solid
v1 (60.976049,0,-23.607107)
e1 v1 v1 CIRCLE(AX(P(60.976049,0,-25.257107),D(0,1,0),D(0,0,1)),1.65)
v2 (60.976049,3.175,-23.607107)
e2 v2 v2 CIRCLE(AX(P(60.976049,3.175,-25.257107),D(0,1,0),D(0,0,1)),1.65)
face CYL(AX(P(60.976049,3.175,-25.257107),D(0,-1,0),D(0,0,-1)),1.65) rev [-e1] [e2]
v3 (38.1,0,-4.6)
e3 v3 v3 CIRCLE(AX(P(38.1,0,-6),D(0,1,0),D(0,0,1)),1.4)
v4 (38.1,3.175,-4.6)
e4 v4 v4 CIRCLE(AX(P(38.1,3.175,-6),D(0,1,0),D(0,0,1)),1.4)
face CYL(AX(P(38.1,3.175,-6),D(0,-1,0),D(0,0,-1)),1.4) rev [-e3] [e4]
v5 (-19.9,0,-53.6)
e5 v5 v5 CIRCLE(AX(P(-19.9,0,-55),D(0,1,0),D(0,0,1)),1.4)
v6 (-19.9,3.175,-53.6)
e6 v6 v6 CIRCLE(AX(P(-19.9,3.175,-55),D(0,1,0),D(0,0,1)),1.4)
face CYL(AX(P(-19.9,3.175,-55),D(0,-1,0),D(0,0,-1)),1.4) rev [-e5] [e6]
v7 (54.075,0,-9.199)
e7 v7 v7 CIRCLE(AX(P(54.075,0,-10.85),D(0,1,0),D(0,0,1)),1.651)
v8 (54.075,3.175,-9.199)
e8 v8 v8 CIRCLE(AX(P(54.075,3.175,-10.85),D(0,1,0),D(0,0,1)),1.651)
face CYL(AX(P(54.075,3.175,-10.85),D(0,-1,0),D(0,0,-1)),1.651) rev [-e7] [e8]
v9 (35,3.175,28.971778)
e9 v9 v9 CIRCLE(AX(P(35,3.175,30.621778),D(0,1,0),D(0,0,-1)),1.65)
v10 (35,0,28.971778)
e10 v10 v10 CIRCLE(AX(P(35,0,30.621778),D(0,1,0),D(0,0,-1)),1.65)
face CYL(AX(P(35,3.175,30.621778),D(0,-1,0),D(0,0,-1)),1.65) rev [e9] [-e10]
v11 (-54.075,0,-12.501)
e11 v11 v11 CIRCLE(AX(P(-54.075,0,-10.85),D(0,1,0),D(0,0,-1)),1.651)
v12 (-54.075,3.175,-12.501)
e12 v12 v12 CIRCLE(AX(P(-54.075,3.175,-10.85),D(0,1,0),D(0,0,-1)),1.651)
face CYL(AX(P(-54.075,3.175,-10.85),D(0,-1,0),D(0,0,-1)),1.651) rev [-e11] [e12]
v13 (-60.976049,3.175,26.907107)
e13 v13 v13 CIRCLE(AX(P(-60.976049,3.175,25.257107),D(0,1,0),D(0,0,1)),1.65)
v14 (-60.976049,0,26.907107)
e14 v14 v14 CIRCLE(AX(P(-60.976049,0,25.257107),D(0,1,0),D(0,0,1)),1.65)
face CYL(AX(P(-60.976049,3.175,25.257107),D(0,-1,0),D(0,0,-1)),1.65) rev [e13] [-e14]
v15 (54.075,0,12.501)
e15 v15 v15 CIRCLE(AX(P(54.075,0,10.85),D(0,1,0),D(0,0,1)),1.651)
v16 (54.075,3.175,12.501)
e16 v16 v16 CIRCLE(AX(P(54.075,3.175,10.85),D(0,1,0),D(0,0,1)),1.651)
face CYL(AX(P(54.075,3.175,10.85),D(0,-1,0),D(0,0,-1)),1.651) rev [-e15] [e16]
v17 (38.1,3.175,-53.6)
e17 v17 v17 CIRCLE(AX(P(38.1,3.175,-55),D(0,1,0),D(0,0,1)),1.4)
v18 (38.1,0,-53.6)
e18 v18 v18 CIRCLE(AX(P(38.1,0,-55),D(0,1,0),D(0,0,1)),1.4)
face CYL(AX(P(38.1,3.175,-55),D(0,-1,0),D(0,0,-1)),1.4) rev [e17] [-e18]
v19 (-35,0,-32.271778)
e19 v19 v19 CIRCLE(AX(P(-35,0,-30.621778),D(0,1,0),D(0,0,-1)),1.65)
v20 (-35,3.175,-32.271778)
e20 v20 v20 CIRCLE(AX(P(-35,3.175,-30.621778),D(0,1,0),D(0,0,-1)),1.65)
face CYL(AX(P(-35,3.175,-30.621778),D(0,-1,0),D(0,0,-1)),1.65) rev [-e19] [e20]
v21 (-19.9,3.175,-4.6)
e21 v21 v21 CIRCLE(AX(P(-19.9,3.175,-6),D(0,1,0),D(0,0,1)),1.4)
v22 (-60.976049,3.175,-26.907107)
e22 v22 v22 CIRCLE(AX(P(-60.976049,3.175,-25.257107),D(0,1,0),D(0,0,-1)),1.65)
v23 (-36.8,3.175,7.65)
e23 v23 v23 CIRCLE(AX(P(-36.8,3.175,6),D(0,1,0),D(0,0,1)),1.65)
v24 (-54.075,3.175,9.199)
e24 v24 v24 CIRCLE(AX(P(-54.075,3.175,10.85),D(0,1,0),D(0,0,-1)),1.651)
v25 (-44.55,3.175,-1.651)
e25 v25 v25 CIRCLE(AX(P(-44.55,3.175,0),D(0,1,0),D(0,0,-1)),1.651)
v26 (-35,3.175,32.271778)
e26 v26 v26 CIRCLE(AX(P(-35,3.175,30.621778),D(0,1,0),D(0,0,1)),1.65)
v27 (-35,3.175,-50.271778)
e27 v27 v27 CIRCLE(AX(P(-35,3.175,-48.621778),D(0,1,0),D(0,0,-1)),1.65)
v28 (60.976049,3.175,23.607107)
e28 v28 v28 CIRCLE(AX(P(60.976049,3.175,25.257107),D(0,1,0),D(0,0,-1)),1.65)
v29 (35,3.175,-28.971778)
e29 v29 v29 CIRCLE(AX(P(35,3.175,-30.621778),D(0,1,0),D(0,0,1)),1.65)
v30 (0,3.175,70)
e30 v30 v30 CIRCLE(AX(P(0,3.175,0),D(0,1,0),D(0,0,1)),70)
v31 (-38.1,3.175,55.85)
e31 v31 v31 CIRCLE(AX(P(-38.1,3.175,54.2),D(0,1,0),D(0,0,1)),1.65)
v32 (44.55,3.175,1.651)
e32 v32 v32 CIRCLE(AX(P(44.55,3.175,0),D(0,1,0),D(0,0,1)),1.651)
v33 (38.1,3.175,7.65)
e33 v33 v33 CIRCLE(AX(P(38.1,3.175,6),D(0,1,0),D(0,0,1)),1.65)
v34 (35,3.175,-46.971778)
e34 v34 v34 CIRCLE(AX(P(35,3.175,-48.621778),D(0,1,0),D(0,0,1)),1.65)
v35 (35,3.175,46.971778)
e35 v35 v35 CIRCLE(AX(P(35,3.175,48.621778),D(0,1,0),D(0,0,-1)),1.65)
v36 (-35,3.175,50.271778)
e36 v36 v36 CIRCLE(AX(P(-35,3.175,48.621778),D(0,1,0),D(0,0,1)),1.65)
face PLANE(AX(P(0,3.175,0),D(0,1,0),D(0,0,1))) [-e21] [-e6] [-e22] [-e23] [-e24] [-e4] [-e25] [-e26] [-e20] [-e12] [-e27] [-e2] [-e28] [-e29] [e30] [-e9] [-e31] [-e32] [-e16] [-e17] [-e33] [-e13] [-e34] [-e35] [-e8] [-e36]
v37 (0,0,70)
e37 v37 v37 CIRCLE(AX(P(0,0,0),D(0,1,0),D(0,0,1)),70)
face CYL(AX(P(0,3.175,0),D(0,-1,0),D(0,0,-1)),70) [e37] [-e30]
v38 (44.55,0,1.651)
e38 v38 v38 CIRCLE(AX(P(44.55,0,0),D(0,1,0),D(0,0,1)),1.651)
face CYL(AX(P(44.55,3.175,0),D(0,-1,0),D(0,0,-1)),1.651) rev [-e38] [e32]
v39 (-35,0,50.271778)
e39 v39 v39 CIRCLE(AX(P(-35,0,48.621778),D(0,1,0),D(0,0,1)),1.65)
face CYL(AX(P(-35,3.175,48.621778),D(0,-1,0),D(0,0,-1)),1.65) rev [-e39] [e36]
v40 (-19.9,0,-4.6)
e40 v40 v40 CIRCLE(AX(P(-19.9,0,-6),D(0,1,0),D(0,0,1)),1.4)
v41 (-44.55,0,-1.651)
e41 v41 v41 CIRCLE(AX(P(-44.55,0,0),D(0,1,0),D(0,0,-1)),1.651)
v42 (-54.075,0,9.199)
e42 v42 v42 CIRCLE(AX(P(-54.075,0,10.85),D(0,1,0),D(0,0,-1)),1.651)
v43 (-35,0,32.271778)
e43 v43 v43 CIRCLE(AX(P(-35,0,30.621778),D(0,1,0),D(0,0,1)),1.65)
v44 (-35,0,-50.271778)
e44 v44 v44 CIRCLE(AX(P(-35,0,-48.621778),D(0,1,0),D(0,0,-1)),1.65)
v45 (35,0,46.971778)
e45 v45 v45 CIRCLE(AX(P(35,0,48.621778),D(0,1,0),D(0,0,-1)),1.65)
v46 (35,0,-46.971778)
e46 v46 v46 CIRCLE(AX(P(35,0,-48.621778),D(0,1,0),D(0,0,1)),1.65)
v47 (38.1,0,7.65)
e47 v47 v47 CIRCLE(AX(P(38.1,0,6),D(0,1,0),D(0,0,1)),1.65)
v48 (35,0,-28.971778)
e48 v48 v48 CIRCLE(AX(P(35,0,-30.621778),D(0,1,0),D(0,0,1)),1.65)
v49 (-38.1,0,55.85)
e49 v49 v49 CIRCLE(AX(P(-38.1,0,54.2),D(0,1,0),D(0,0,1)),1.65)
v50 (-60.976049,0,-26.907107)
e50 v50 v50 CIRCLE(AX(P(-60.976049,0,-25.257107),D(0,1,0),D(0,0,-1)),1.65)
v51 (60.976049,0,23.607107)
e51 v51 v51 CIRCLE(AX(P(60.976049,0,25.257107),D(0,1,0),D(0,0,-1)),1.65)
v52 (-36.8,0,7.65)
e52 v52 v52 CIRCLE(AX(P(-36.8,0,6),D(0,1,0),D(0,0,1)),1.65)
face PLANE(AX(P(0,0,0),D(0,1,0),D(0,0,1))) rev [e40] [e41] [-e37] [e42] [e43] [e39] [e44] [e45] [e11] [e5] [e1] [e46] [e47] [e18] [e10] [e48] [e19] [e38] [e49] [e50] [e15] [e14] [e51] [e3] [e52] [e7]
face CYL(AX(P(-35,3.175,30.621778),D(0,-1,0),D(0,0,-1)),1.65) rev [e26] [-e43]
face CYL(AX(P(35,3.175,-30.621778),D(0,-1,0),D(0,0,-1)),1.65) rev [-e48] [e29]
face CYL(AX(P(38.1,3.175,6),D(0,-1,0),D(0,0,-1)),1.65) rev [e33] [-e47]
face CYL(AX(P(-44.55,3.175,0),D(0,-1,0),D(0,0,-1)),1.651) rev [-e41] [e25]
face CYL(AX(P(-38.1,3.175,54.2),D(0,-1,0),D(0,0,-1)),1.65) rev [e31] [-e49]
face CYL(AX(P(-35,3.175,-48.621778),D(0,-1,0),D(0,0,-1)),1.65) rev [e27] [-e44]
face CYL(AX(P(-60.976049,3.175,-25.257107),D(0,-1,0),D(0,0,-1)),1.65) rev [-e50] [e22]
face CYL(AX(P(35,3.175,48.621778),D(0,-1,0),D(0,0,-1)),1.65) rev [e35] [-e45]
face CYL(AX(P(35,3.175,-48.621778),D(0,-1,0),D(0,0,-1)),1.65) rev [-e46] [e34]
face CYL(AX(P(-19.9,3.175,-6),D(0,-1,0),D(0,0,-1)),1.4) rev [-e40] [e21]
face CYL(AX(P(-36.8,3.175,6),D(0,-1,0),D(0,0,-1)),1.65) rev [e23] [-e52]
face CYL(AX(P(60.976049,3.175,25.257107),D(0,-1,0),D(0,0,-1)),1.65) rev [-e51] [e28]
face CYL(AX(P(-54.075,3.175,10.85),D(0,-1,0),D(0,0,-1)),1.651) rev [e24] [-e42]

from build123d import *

# Parameters (mm, degrees)
BASE_W_MOTOR_MOUNTS_R     = 70
BASE_W_MOTOR_MOUNTS_R_2   = 1.651
BOSS_EXTRUDE1_DEPTH       = 3.175
STANDOFFS_TOP_BOTTOM_R    = 1.65
CUT_EXTRUDE2_DEPTH        = 3.175
PI_AND_MEGA_STANDOFFS_R   = 1.4
PI_AND_MEGA_STANDOFFS_R_2 = 1.65
CUT_EXTRUDE3_DEPTH        = 3.175


with BuildPart() as part:
    # Base w/ Motor Mounts → Boss-Extrude1 (new body)
    with BuildSketch(Plane(origin=(0, 0, 0), x_dir=(1, 0, 0), z_dir=(0, 1, 0))):
        Circle(BASE_W_MOTOR_MOUNTS_R)
        with Locations((44.55, 0)):
            Circle(BASE_W_MOTOR_MOUNTS_R_2, mode=Mode.SUBTRACT)
        with Locations((54.075, 10.85)):
            Circle(BASE_W_MOTOR_MOUNTS_R_2, mode=Mode.SUBTRACT)
        with Locations((54.075, -10.85)):
            Circle(BASE_W_MOTOR_MOUNTS_R_2, mode=Mode.SUBTRACT)
        with Locations((-54.075, -10.85)):
            Circle(BASE_W_MOTOR_MOUNTS_R_2, mode=Mode.SUBTRACT)
        with Locations((-54.075, 10.85)):
            Circle(BASE_W_MOTOR_MOUNTS_R_2, mode=Mode.SUBTRACT)
        with Locations((-44.55, 0)):
            Circle(BASE_W_MOTOR_MOUNTS_R_2, mode=Mode.SUBTRACT)
    extrude(amount=BOSS_EXTRUDE1_DEPTH)

    # Standoffs (top / bottom) → Cut-Extrude2 (cut)
    with BuildSketch(Plane(origin=(0, 0, 0), x_dir=(1, 0, 0), z_dir=(0, 1, 0))):
        with Locations((60.976049146, 25.257106536)):
            Circle(STANDOFFS_TOP_BOTTOM_R)
        with Locations((60.976049146, -25.257106536)):
            Circle(STANDOFFS_TOP_BOTTOM_R)
        with Locations((-60.976049146, -25.257106536)):
            Circle(STANDOFFS_TOP_BOTTOM_R)
        with Locations((-60.976049146, 25.257106536)):
            Circle(STANDOFFS_TOP_BOTTOM_R)
        with Locations((35, 48.621778265)):
            Circle(STANDOFFS_TOP_BOTTOM_R)
        with Locations((35, 30.621778265)):
            Circle(STANDOFFS_TOP_BOTTOM_R)
        with Locations((35, -30.621778265)):
            Circle(STANDOFFS_TOP_BOTTOM_R)
        with Locations((35, -48.621778265)):
            Circle(STANDOFFS_TOP_BOTTOM_R)
        with Locations((-35, -48.621778265)):
            Circle(STANDOFFS_TOP_BOTTOM_R)
        with Locations((-35, -30.621778265)):
            Circle(STANDOFFS_TOP_BOTTOM_R)
        with Locations((-35, 30.621778265)):
            Circle(STANDOFFS_TOP_BOTTOM_R)
        with Locations((-35, 48.621778265)):
            Circle(STANDOFFS_TOP_BOTTOM_R)
    extrude(amount=CUT_EXTRUDE2_DEPTH, mode=Mode.SUBTRACT)

    # Pi and Mega Standoffs → Cut-Extrude3 (cut)
    with BuildSketch(Plane(origin=(0, 0, 0), x_dir=(1, 0, 0), z_dir=(0, 1, 0))):
        with Locations((-19.9, 55)):
            Circle(PI_AND_MEGA_STANDOFFS_R)
        with Locations((38.1, 55)):
            Circle(PI_AND_MEGA_STANDOFFS_R)
        with Locations((38.1, 6)):
            Circle(PI_AND_MEGA_STANDOFFS_R)
        with Locations((-19.9, 6)):
            Circle(PI_AND_MEGA_STANDOFFS_R)
        with Locations((-38.1, -54.2)):
            Circle(PI_AND_MEGA_STANDOFFS_R_2)
        with Locations((-36.8, -6)):
            Circle(PI_AND_MEGA_STANDOFFS_R_2)
        with Locations((38.1, -6)):
            Circle(PI_AND_MEGA_STANDOFFS_R_2)
    extrude(amount=CUT_EXTRUDE3_DEPTH, mode=Mode.SUBTRACT)


solid = part.part
